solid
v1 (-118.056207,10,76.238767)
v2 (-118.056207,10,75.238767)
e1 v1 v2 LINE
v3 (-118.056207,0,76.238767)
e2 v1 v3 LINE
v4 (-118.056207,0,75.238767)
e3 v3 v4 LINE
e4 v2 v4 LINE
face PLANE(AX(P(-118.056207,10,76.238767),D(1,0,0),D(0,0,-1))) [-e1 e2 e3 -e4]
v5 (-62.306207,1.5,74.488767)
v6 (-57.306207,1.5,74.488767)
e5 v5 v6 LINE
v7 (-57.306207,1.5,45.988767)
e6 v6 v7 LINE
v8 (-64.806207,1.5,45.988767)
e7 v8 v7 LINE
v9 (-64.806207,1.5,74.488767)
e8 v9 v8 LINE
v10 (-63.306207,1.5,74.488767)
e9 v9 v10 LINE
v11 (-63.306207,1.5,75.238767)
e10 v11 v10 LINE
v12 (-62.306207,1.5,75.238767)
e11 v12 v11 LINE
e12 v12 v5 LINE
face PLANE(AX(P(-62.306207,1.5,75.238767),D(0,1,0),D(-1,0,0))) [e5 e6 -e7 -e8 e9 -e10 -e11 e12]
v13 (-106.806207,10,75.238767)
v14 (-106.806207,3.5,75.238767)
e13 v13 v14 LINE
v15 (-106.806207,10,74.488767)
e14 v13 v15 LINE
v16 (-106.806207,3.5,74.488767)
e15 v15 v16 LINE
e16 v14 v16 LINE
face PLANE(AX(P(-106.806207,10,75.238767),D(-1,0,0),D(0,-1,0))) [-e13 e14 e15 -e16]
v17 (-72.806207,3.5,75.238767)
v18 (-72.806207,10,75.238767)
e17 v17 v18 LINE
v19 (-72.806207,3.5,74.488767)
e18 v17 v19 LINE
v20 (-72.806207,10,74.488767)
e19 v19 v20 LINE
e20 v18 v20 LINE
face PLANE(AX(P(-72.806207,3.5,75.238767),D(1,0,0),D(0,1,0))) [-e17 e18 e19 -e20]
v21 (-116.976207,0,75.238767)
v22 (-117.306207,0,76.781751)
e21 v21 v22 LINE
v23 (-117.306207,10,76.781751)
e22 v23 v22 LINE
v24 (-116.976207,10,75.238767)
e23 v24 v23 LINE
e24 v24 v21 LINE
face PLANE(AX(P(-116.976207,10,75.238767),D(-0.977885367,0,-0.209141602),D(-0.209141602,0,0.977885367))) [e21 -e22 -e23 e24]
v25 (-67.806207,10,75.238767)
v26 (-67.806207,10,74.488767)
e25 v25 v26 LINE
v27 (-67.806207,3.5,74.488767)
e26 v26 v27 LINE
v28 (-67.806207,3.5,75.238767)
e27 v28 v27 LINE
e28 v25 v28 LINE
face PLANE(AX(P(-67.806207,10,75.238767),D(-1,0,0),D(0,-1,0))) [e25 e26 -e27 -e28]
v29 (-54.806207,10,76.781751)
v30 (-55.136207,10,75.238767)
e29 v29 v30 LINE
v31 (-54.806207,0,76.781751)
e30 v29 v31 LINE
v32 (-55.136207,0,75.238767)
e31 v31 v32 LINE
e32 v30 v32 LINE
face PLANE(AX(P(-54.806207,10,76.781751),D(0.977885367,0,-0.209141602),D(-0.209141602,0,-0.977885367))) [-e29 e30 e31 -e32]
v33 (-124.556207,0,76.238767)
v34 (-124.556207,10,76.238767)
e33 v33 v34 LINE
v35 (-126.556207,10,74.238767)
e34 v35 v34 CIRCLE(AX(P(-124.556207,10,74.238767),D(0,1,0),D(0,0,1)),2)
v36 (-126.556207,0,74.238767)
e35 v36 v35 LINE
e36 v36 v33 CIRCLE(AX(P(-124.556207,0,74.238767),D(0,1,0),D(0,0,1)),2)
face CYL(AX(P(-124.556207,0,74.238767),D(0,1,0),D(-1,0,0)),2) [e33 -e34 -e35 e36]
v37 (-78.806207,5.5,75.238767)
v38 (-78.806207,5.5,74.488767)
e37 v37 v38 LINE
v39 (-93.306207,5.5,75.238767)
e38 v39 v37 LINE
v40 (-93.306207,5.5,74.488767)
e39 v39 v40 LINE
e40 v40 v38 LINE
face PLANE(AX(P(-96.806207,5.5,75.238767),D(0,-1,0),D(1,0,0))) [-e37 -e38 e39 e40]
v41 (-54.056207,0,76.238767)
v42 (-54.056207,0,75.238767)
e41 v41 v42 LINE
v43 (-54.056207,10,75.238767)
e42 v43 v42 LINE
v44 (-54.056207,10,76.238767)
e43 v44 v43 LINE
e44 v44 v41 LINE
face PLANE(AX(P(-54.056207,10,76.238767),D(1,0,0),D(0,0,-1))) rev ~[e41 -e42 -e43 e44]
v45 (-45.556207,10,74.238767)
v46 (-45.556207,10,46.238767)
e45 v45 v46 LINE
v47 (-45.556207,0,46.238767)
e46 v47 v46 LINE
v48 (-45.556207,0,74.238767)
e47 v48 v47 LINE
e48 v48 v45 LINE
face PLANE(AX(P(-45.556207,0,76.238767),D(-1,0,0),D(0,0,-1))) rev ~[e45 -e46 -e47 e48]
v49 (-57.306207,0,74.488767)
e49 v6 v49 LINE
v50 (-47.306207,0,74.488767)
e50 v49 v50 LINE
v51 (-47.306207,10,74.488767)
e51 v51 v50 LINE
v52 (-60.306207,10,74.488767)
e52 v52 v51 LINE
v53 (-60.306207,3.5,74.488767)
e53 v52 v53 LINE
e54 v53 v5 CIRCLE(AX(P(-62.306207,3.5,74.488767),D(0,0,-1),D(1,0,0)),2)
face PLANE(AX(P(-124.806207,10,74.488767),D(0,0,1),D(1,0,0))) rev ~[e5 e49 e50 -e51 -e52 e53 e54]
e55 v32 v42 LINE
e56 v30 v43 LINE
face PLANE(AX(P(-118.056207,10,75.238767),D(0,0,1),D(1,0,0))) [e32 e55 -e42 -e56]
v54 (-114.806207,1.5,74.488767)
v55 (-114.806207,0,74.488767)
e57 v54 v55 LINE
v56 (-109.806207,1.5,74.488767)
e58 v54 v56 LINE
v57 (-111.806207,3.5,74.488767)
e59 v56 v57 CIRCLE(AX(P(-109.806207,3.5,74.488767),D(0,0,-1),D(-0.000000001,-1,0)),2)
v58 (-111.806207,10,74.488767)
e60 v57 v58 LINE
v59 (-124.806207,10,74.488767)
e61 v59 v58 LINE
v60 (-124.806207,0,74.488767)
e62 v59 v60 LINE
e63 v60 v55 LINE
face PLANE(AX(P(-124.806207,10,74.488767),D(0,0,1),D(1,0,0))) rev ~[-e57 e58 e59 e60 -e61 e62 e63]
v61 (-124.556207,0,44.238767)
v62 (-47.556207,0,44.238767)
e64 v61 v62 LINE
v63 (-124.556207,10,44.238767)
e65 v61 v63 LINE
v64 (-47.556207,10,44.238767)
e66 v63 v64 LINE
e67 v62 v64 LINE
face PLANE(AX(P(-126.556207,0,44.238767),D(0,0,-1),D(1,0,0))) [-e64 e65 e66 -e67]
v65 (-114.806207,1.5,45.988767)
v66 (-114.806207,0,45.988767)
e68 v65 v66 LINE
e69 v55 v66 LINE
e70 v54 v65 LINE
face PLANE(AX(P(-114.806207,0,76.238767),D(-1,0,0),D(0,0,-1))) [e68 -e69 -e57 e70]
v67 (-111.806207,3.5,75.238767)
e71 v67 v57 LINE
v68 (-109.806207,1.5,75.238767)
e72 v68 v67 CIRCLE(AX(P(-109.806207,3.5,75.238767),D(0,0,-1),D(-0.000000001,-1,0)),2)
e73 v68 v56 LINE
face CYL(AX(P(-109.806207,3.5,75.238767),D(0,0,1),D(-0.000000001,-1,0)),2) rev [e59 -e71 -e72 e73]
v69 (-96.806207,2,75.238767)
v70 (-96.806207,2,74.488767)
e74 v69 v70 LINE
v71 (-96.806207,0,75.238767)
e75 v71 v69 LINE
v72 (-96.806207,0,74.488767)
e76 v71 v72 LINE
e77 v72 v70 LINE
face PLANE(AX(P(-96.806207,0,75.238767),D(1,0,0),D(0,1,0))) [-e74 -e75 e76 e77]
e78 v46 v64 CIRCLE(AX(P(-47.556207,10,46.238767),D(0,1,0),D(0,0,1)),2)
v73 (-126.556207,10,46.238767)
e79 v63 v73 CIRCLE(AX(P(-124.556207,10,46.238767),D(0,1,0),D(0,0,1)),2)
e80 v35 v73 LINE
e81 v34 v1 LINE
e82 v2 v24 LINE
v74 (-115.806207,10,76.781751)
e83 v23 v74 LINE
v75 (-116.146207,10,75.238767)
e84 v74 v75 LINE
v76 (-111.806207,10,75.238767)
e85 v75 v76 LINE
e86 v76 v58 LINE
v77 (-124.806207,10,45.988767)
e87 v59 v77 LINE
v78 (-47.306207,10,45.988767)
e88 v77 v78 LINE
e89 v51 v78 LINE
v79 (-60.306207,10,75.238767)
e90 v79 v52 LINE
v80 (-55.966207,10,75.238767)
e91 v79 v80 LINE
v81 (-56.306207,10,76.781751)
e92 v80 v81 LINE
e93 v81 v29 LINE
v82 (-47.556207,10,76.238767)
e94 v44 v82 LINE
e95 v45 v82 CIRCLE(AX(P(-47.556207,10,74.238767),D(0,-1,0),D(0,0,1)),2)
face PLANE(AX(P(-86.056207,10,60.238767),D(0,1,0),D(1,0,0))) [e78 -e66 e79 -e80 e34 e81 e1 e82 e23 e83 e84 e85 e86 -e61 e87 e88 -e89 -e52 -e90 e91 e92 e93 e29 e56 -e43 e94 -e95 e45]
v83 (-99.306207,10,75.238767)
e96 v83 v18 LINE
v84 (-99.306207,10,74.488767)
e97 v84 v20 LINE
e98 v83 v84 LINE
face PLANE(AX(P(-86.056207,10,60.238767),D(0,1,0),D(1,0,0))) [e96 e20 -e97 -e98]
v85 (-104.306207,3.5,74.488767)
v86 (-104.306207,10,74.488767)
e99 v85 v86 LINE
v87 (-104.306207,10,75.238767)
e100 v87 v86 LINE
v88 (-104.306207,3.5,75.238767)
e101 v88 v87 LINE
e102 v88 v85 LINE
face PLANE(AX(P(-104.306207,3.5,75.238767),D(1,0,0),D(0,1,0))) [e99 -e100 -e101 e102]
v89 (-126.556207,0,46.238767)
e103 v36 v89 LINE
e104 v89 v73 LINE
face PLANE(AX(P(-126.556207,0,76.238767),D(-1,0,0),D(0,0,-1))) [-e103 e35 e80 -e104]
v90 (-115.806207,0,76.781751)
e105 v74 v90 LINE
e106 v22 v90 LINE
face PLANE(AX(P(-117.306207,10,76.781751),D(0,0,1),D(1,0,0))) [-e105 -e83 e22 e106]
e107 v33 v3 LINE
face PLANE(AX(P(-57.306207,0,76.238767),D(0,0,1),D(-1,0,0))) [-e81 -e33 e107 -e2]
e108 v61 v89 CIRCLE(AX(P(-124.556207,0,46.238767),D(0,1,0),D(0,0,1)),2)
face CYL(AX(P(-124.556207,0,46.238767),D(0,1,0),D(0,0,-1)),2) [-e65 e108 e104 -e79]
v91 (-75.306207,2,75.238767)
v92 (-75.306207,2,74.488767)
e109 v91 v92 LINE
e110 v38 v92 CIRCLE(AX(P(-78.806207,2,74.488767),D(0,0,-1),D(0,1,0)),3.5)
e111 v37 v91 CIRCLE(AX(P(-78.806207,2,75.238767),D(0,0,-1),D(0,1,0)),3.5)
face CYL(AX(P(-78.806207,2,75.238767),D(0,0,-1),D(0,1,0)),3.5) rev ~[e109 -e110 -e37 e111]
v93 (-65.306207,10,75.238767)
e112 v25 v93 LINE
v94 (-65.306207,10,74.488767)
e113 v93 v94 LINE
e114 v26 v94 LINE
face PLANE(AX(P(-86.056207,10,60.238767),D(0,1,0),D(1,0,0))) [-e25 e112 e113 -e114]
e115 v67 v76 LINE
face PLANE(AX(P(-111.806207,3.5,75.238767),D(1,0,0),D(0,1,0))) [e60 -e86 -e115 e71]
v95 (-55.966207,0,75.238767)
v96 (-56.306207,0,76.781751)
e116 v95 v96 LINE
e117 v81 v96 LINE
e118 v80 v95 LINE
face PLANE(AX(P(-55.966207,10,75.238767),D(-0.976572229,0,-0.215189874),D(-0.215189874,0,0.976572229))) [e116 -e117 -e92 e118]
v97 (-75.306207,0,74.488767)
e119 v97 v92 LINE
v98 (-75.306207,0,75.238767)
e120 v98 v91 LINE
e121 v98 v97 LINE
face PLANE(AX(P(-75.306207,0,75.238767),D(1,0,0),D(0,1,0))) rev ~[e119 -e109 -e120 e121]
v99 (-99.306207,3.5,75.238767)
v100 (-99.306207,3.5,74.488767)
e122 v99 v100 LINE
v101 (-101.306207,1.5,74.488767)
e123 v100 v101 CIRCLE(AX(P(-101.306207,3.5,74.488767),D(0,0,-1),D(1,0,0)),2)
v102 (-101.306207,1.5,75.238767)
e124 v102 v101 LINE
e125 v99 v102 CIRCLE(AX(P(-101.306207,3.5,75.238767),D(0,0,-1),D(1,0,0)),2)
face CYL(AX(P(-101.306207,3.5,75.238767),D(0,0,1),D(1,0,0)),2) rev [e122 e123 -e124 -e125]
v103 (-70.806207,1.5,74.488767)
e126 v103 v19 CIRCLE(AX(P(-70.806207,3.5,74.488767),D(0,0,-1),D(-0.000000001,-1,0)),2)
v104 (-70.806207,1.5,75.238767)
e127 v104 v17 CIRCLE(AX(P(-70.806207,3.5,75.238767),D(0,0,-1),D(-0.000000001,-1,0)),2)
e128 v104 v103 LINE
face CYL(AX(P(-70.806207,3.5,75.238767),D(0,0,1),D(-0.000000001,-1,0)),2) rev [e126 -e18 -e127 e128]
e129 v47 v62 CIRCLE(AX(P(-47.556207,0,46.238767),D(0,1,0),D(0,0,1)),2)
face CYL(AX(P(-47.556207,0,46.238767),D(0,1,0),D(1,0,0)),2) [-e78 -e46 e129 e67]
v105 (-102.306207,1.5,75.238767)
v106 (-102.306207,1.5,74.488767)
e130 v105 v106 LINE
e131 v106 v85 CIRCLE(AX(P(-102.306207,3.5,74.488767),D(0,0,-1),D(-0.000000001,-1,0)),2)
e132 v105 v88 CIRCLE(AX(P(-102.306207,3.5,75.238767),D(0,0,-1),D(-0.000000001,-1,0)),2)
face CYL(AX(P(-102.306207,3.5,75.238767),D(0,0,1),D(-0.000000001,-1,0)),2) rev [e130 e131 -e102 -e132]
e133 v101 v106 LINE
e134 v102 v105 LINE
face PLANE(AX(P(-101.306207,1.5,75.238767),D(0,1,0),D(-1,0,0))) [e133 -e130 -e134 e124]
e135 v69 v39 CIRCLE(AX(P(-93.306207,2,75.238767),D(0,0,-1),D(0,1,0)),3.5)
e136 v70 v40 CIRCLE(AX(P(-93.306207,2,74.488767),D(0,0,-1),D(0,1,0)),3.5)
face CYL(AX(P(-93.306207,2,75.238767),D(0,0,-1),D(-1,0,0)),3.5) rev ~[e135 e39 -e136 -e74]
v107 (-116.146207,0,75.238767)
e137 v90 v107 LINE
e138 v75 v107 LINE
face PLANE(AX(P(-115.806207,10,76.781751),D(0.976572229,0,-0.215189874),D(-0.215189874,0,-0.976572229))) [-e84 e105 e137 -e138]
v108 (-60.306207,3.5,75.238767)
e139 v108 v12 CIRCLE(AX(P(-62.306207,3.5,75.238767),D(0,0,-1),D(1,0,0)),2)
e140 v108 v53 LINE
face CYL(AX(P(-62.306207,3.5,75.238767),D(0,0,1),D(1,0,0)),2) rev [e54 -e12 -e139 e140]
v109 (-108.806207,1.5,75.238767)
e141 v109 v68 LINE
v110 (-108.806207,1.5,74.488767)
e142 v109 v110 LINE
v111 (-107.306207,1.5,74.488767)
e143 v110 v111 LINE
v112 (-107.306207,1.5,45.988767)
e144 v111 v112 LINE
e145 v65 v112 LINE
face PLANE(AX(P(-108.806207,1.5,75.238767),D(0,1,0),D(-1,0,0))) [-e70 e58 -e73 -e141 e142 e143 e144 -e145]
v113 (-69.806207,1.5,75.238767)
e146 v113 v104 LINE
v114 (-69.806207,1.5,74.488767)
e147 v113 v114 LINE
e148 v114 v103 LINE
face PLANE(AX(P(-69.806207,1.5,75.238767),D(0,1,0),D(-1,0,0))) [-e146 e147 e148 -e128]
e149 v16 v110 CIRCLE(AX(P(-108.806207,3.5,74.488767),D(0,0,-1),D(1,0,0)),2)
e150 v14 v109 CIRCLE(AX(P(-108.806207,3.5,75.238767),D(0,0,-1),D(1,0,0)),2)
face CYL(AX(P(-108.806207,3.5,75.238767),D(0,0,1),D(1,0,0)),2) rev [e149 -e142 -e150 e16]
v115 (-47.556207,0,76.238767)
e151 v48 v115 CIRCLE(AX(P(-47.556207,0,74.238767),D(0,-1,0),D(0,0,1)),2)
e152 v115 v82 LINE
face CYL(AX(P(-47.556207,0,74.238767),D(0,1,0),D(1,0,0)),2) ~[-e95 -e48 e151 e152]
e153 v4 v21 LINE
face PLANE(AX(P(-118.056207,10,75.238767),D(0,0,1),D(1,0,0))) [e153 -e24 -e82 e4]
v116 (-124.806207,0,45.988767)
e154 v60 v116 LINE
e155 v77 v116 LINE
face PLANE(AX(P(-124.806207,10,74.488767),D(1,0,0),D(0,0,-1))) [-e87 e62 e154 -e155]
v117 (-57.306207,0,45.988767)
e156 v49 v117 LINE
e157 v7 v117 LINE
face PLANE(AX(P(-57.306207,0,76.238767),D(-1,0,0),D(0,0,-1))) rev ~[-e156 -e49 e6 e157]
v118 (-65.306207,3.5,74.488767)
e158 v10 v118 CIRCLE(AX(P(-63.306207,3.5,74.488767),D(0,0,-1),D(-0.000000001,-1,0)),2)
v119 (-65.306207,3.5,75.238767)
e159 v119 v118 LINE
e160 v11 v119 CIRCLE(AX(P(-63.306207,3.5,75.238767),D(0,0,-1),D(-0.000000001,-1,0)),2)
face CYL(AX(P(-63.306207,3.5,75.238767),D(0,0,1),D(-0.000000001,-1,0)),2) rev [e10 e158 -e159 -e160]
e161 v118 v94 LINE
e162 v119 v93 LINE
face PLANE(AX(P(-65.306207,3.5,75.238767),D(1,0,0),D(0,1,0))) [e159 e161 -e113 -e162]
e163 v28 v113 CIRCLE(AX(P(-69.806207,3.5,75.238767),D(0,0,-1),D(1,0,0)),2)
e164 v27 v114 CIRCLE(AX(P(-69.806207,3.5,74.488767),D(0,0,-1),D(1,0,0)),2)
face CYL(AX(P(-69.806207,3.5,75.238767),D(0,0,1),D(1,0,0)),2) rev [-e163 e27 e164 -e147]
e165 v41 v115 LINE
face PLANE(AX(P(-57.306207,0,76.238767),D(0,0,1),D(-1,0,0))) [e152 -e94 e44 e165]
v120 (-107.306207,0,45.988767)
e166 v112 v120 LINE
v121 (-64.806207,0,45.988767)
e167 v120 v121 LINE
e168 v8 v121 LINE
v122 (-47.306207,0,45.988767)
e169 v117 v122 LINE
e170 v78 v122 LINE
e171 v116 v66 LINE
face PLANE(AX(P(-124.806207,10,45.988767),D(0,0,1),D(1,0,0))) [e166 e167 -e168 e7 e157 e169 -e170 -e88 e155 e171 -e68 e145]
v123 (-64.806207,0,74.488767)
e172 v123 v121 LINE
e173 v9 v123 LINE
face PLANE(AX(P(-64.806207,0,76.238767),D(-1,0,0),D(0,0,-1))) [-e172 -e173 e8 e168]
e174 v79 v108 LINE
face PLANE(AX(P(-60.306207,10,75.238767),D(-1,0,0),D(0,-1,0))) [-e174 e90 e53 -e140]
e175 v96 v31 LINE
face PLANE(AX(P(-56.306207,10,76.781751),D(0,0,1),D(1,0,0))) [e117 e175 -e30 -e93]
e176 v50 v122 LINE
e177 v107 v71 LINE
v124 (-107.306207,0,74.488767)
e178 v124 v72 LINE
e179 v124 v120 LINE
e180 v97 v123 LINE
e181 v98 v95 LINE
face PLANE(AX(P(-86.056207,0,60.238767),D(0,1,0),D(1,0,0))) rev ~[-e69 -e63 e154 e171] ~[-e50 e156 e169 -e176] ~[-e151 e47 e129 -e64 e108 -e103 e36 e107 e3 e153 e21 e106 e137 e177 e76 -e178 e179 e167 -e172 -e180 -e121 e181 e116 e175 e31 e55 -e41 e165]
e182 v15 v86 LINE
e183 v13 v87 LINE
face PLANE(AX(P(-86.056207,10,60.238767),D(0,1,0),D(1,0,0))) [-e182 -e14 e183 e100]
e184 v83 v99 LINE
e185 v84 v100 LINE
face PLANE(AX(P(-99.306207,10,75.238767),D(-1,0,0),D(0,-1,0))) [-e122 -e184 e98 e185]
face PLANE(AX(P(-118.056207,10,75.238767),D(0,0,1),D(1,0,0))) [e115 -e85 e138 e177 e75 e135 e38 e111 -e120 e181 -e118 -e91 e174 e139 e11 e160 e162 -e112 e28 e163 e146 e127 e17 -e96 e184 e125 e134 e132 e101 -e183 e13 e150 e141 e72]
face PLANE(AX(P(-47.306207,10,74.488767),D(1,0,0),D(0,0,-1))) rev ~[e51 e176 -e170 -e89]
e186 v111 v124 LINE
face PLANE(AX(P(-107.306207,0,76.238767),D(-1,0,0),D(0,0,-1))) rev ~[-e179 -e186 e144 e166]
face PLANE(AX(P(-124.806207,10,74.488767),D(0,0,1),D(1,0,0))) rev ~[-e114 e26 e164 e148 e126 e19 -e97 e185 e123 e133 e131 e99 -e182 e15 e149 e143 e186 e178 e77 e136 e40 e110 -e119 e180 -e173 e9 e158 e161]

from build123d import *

# Parameters (mm, degrees)
SKETCH1_W           = 81
SKETCH1_H           = 32
BOSS_EXTRUDE1_DEPTH = 10
SKETCH2_W           = 77.5
SKETCH2_H           = 28.5
CUT_EXTRUDE1_DEPTH  = 10
SKETCH3_W           = 7.5
SKETCH3_H           = 32
BOSS_EXTRUDE2_DEPTH = 1.5
SKETCH4_W           = 64
SKETCH4_H           = 1
CUT_EXTRUDE2_DEPTH  = 10
BOSS_EXTRUDE3_DEPTH = 10
BOSS_EXTRUDE4_DEPTH = 10
FILLET1_R           = 2
FILLET2_R           = 2
FILLET3_R           = 2
FILLET4_R           = 2
CUT_EXTRUDE3_DEPTH  = 0.75
SKETCH8_W           = 21.5
SKETCH8_H           = 5.5
CUT_EXTRUDE4_DEPTH  = 0.75
FILLET5_R           = 3.5
FILLET6_R           = 3.5


with BuildPart() as part:
    # Sketch1 → Boss-Extrude1 (new body)
    with BuildSketch(Plane(origin=(0, 0, 0), x_dir=(1, 0, 0), z_dir=(0, 1, 0))):
        with Locations((-86.056207425, -60.23876691)):
            Rectangle(SKETCH1_W, SKETCH1_H)
    extrude(amount=BOSS_EXTRUDE1_DEPTH)

    # Sketch2 → Cut-Extrude1 (cut)
    with BuildSketch(Plane(origin=(0, 10, 0), x_dir=(1, 0, 0), z_dir=(0, 1, 0))):
        with Locations((-86.056207425, -60.23876691)):
            Rectangle(SKETCH2_W, SKETCH2_H)
    extrude(amount=-CUT_EXTRUDE1_DEPTH, mode=Mode.SUBTRACT)

    # Sketch3 → Boss-Extrude2 (add)
    with BuildSketch(Plane(origin=(0, 0, 0), x_dir=(-1, 0, 0), z_dir=(0, -1, 0))):
        with Locations((61.056207425, -60.23876691)):
            Rectangle(SKETCH3_W, SKETCH3_H)
        with Locations((111.056207425, -60.23876691)):
            Rectangle(SKETCH3_W, SKETCH3_H)
    extrude(amount=-BOSS_EXTRUDE2_DEPTH)

    # Sketch4 → Cut-Extrude2 (cut)
    with BuildSketch(Plane(origin=(0, 10, 0), x_dir=(1, 0, 0), z_dir=(0, 1, 0))):
        with Locations((-86.056207425, -75.73876691)):
            Rectangle(SKETCH4_W, SKETCH4_H)
    extrude(amount=-CUT_EXTRUDE2_DEPTH, mode=Mode.SUBTRACT)

    # Sketch5 → Boss-Extrude3 (add)
    with BuildSketch(Plane(origin=(0, 10, 0), x_dir=(1, 0, 0), z_dir=(0, 1, 0))):
        Polygon((-116.976207425, -75.23876691), (-117.306207425, -76.781751031), (-115.806207425, -76.781751031), (-116.146207425, -75.23876691), align=None)
    extrude(amount=-BOSS_EXTRUDE3_DEPTH)

    # Sketch6 → Boss-Extrude4 (add)
    with BuildSketch(Plane(origin=(0, 10, 0), x_dir=(1, 0, 0), z_dir=(0, 1, 0))):
        Polygon((-55.966207425, -75.23876691), (-56.306207425, -76.781751031), (-54.806207425, -76.781751031), (-55.136207425, -75.23876691), align=None)
    extrude(amount=-BOSS_EXTRUDE4_DEPTH)

    # Fillet1
    fillet1_edges = [part.edges().sort_by_distance(p)[0] for p in [
        (-126.556207425, 5, 76.23876691),
    ]]
    fillet(fillet1_edges, radius=FILLET1_R)

    # Fillet2
    fillet2_edges = [part.edges().sort_by_distance(p)[0] for p in [
        (-45.556207425, 5, 76.23876691),
    ]]
    fillet(fillet2_edges, radius=FILLET2_R)

    # Fillet3
    fillet3_edges = [part.edges().sort_by_distance(p)[0] for p in [
        (-45.556207425, 5, 44.23876691),
    ]]
    fillet(fillet3_edges, radius=FILLET3_R)

    # Fillet4
    fillet4_edges = [part.edges().sort_by_distance(p)[0] for p in [
        (-126.556207425, 5, 44.23876691),
    ]]
    fillet(fillet4_edges, radius=FILLET4_R)

    # Sketch7 → Cut-Extrude3 (cut)
    with BuildSketch(Plane.XY.offset(75.23876691)):
        with BuildLine():
            Line((-111.806207425, 10), (-106.806207425, 10))
            Line((-106.806207425, 10), (-106.806207425, 3.5))
            ThreePointArc((-106.806207425, 3.5), (-107.391993862, 2.085786438), (-108.806207425, 1.5))
            Line((-108.806207425, 1.5), (-109.806207425, 1.5))
            ThreePointArc((-109.806207425, 1.5), (-111.220420987, 2.085786438), (-111.806207425, 3.5))
            Line((-111.806207425, 3.5), (-111.806207425, 10))
        make_face()
        with BuildLine():
            Line((-65.306207425, 10), (-60.306207425, 10))
            Line((-60.306207425, 10), (-60.306207425, 3.5))
            ThreePointArc((-60.306207425, 3.5), (-60.891993862, 2.085786438), (-62.306207425, 1.5))
            Line((-62.306207425, 1.5), (-63.306207425, 1.5))
            ThreePointArc((-63.306207425, 1.5), (-64.720420987, 2.085786438), (-65.306207425, 3.5))
            Line((-65.306207425, 3.5), (-65.306207425, 10))
        make_face()
        with BuildLine():
            Line((-104.306207425, 10), (-99.306207425, 10))
            Line((-99.306207425, 10), (-99.306207425, 3.5))
            ThreePointArc((-99.306207425, 3.5), (-99.891993862, 2.085786438), (-101.306207425, 1.5))
            Line((-101.306207425, 1.5), (-102.306207425, 1.5))
            ThreePointArc((-102.306207425, 1.5), (-103.720420987, 2.085786438), (-104.306207425, 3.5))
            Line((-104.306207425, 3.5), (-104.306207425, 10))
        make_face()
        with BuildLine():
            Line((-72.806207425, 10), (-67.806207425, 10))
            Line((-67.806207425, 10), (-67.806207425, 3.5))
            ThreePointArc((-67.806207425, 3.5), (-68.391993862, 2.085786438), (-69.806207425, 1.5))
            Line((-69.806207425, 1.5), (-70.806207425, 1.5))
            ThreePointArc((-70.806207425, 1.5), (-72.220420987, 2.085786438), (-72.806207425, 3.5))
            Line((-72.806207425, 3.5), (-72.806207425, 10))
        make_face()
    extrude(amount=-CUT_EXTRUDE3_DEPTH, mode=Mode.SUBTRACT)

    # Sketch8 → Cut-Extrude4 (cut)
    with BuildSketch(Plane.XY.offset(75.23876691)):
        with Locations((-86.056207425, 2.75)):
            Rectangle(SKETCH8_W, SKETCH8_H)
    extrude(amount=-CUT_EXTRUDE4_DEPTH, mode=Mode.SUBTRACT)

    # Fillet5
    fillet5_edges = [part.edges().sort_by_distance(p)[0] for p in [
        (-96.806207425, 5.5, 74.86376691),
    ]]
    fillet(fillet5_edges, radius=FILLET5_R)

    # Fillet6
    fillet6_edges = [part.edges().sort_by_distance(p)[0] for p in [
        (-75.306207425, 5.5, 74.86376691),
    ]]
    fillet(fillet6_edges, radius=FILLET6_R)


solid = part.part
